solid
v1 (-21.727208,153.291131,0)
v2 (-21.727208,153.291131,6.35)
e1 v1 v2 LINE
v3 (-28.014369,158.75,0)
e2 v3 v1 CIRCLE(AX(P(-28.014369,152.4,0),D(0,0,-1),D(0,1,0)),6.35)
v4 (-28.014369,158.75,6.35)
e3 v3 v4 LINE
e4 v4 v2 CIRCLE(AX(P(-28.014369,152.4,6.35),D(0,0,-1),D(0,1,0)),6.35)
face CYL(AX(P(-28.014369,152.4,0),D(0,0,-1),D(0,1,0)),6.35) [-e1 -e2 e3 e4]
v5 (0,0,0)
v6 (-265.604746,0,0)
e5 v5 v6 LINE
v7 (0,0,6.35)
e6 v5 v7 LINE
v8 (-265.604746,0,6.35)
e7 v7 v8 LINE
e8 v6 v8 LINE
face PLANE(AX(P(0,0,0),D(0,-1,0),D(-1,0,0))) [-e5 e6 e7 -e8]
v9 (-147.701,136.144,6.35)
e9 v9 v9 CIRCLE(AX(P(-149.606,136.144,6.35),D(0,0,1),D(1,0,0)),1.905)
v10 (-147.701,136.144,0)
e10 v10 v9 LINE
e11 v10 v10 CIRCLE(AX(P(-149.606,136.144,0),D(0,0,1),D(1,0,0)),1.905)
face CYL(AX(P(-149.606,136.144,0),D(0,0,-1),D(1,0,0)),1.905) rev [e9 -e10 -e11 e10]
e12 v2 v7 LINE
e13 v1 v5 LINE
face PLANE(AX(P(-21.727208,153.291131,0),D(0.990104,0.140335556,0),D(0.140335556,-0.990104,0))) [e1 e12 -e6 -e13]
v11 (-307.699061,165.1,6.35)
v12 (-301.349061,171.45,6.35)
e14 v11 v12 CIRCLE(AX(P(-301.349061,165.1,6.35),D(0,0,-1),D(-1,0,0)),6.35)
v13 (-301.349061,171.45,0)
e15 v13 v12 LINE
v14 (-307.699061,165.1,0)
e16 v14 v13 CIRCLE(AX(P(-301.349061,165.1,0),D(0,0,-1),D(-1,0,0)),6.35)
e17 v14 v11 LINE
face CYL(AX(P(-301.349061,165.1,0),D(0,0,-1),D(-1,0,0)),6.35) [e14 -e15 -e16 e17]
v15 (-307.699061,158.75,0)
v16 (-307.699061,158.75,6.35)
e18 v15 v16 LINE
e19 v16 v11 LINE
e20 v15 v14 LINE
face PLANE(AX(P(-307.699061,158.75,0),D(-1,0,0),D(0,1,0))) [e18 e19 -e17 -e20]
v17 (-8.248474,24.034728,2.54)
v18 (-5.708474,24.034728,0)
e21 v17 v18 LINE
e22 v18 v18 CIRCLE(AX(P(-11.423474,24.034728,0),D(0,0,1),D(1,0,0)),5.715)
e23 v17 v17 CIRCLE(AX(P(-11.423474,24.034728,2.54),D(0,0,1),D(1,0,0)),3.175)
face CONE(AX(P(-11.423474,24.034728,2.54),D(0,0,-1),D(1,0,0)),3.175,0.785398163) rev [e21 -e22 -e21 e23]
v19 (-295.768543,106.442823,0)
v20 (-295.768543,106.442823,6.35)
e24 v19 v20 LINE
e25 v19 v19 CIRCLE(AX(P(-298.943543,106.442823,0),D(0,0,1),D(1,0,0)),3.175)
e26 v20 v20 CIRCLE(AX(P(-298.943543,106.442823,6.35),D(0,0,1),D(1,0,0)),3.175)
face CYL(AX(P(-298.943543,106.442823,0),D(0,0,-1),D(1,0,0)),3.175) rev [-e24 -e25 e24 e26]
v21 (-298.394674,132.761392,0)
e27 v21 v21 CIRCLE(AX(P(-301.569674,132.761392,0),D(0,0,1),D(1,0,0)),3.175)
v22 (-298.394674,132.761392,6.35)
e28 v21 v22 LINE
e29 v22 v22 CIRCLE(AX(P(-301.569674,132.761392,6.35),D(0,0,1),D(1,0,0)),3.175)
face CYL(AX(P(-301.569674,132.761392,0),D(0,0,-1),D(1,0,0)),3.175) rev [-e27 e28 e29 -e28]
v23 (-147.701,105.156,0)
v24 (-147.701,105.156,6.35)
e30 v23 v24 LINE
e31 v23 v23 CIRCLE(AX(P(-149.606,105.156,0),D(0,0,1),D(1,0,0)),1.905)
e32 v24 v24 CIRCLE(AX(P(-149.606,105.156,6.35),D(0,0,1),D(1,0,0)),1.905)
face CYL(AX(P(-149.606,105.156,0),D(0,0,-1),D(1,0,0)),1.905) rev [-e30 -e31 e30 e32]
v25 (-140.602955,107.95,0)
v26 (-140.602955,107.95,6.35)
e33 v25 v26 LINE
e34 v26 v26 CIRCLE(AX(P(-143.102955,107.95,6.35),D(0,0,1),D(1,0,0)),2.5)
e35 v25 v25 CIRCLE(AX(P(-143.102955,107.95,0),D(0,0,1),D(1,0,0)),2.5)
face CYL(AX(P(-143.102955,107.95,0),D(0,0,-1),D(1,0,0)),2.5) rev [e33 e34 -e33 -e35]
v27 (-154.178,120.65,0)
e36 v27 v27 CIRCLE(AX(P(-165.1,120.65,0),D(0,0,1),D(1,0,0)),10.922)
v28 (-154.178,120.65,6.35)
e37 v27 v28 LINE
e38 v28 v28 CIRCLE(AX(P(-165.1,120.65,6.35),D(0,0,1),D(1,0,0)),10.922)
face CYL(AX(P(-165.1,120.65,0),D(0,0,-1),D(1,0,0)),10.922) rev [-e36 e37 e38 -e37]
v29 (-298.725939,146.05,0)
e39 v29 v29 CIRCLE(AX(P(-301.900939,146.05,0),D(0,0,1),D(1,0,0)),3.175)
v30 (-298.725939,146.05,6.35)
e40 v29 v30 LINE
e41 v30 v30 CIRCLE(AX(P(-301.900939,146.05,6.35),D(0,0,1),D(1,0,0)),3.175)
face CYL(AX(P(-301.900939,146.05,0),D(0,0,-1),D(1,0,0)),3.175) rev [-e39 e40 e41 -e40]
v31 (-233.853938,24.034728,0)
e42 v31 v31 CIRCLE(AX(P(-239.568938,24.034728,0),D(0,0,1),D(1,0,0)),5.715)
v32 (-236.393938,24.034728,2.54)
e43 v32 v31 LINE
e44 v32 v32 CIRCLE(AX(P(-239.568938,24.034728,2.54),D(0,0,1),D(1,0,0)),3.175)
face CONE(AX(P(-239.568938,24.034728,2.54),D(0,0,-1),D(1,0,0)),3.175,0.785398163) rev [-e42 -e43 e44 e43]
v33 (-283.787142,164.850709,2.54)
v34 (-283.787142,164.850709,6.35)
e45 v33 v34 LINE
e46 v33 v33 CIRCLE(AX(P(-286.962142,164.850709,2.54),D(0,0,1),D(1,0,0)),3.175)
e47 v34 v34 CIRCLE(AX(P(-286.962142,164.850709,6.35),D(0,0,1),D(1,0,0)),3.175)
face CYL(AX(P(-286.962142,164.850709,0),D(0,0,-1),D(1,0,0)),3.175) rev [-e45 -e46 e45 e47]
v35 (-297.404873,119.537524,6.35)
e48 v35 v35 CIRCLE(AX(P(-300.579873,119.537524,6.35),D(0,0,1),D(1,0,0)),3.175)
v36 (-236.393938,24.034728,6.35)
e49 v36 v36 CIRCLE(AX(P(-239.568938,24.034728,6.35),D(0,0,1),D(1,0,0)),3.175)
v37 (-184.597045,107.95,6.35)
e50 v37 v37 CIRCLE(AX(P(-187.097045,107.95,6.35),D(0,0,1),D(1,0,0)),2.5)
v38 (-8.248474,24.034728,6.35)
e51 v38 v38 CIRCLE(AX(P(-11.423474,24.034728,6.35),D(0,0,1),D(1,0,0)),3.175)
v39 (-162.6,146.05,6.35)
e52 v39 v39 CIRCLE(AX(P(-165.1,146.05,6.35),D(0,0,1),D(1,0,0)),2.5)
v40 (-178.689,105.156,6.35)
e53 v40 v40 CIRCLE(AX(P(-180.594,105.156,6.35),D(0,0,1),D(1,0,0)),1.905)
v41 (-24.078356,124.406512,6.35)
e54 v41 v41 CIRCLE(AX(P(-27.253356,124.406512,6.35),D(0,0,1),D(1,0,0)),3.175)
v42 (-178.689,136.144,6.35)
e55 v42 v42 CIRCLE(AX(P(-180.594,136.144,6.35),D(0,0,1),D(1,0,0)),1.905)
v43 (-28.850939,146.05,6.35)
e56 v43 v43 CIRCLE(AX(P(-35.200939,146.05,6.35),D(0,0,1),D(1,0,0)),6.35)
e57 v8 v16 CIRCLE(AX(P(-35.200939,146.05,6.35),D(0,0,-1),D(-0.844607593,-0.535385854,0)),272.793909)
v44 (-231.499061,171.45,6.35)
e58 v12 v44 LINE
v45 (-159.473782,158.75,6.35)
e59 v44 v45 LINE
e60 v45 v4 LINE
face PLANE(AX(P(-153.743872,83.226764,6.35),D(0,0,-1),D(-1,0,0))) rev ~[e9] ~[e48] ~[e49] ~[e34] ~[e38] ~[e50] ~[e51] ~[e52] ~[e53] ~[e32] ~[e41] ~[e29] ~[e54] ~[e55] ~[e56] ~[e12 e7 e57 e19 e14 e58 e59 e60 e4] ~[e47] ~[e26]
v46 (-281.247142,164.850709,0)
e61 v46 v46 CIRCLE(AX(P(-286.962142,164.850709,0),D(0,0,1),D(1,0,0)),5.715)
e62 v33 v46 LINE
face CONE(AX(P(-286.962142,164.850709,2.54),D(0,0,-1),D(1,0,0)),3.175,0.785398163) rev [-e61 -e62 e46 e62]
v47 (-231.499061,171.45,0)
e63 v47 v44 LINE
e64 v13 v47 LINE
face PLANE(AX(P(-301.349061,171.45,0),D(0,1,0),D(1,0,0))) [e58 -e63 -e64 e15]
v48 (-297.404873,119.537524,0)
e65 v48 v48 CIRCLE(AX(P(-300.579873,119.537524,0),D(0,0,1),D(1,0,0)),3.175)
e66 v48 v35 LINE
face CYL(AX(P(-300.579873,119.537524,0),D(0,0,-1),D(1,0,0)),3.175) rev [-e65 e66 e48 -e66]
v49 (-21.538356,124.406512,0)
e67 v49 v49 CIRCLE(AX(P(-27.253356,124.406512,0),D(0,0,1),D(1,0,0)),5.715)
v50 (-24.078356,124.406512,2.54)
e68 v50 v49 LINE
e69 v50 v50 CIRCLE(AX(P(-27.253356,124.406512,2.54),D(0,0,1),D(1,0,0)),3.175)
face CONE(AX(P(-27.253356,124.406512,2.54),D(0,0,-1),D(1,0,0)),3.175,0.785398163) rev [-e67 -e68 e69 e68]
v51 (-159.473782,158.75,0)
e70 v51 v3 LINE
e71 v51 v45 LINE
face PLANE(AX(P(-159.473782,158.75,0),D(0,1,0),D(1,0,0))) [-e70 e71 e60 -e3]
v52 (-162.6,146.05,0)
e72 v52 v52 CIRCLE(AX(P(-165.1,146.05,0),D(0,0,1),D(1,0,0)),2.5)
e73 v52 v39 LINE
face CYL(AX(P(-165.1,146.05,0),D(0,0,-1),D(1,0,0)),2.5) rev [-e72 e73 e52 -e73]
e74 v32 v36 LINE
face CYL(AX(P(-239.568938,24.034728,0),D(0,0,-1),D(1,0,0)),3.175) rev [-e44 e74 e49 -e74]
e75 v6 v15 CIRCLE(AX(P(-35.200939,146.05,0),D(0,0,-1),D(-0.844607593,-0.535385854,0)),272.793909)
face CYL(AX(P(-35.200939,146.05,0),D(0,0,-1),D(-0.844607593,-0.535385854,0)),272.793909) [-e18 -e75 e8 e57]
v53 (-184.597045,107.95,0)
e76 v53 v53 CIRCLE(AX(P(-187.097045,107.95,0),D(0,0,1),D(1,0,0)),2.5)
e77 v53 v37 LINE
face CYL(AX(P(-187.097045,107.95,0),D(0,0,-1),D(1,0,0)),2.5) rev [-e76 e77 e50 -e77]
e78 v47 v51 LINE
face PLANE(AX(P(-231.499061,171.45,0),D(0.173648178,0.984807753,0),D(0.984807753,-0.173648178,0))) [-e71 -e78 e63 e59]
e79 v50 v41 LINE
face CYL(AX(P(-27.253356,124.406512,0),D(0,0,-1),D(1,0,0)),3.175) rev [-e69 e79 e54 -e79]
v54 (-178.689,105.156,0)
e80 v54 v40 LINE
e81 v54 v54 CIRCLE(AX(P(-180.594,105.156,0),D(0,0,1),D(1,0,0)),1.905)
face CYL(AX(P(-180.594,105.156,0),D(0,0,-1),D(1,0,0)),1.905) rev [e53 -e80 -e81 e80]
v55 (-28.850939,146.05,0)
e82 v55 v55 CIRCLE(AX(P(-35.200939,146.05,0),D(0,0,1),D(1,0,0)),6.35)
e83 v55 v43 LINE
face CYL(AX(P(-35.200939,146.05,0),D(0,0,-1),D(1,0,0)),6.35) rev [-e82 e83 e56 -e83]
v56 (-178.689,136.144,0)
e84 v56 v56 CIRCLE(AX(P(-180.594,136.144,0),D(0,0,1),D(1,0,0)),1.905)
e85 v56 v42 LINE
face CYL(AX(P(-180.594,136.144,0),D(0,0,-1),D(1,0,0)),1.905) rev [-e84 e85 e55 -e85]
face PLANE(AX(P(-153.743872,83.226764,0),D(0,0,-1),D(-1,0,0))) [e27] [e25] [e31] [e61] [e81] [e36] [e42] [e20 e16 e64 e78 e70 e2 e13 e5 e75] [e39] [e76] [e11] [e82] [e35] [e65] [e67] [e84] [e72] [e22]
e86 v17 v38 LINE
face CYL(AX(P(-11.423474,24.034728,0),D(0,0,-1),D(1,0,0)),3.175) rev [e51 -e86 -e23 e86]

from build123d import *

# Parameters (mm, degrees)
SKETCH18_R          = 1.905
SKETCH18_R_2        = 3.175
SKETCH18_R_3        = 6.35
SKETCH18_R_4        = 2.5
SKETCH18_R_5        = 10.922
BOSS_EXTRUDE4_DEPTH = 6.35
CHAMFER1_SIZE       = 2.54


with BuildPart() as part:
    # Sketch18 → Boss-Extrude4 (new body)
    with BuildSketch(Plane.XY):
        with BuildLine():
            Line((0, 0), (-265.604745697, 0))
            ThreePointArc((-265.604745697, 0), (-298.882523776, 76.131915965), (-307.699061234, 158.75))
            Line((-307.699061234, 158.75), (-307.699061234, 165.1))
            ThreePointArc((-307.699061234, 165.1), (-305.839189294, 169.590128061), (-301.349061234, 171.45))
            Line((-301.349061234, 171.45), (-231.499061234, 171.45))
            Line((-231.499061234, 171.45), (-159.473782125, 158.75))
            Line((-159.473782125, 158.75), (-28.014368889, 158.75))
            ThreePointArc((-28.014368889, 158.75), (-23.851207857, 157.194850386), (-21.727208485, 153.291130779))
            Line((-21.727208485, 153.291130779), (0, 0))
        make_face()
        with Locations((-180.594, 136.144)):
            Circle(SKETCH18_R, mode=Mode.SUBTRACT)
        with Locations((-11.423473622, 24.034728138)):
            Circle(SKETCH18_R_2, mode=Mode.SUBTRACT)
        with Locations((-27.253356194, 124.406511892)):
            Circle(SKETCH18_R_2, mode=Mode.SUBTRACT)
        with Locations((-35.200938766, 146.05)):
            Circle(SKETCH18_R_3, mode=Mode.SUBTRACT)
        with Locations((-301.900938766, 146.05)):
            Circle(SKETCH18_R_2, mode=Mode.SUBTRACT)
        with Locations((-301.569673588, 132.761391752)):
            Circle(SKETCH18_R_2, mode=Mode.SUBTRACT)
        with Locations((-300.579872803, 119.537524267)):
            Circle(SKETCH18_R_2, mode=Mode.SUBTRACT)
        with Locations((-298.943543444, 106.442822899)):
            Circle(SKETCH18_R_2, mode=Mode.SUBTRACT)
        with Locations((-239.568937637, 24.034728138)):
            Circle(SKETCH18_R_2, mode=Mode.SUBTRACT)
        with Locations((-286.962142025, 164.850708953)):
            Circle(SKETCH18_R_2, mode=Mode.SUBTRACT)
        with Locations((-187.097045256, 107.95)):
            Circle(SKETCH18_R_4, mode=Mode.SUBTRACT)
        with Locations((-180.594, 105.156)):
            Circle(SKETCH18_R, mode=Mode.SUBTRACT)
        with Locations((-165.1, 120.65)):
            Circle(SKETCH18_R_5, mode=Mode.SUBTRACT)
        with Locations((-165.1, 146.05)):
            Circle(SKETCH18_R_4, mode=Mode.SUBTRACT)
        with Locations((-149.606, 105.156)):
            Circle(SKETCH18_R, mode=Mode.SUBTRACT)
        with Locations((-149.606, 136.144)):
            Circle(SKETCH18_R, mode=Mode.SUBTRACT)
        with Locations((-143.102954744, 107.95)):
            Circle(SKETCH18_R_4, mode=Mode.SUBTRACT)
    extrude(amount=BOSS_EXTRUDE4_DEPTH)

    # Chamfer1
    chamfer1_edges = [part.edges().sort_by_distance(p)[0] for p in [
        (-14.598473622, 24.034728138, 0),
        (-30.428356194, 124.406511892, 0),
        (-242.743937637, 24.034728138, 0),
        (-290.137142025, 164.850708953, 0),
    ]]
    chamfer(chamfer1_edges, length=CHAMFER1_SIZE)


solid = part.part
